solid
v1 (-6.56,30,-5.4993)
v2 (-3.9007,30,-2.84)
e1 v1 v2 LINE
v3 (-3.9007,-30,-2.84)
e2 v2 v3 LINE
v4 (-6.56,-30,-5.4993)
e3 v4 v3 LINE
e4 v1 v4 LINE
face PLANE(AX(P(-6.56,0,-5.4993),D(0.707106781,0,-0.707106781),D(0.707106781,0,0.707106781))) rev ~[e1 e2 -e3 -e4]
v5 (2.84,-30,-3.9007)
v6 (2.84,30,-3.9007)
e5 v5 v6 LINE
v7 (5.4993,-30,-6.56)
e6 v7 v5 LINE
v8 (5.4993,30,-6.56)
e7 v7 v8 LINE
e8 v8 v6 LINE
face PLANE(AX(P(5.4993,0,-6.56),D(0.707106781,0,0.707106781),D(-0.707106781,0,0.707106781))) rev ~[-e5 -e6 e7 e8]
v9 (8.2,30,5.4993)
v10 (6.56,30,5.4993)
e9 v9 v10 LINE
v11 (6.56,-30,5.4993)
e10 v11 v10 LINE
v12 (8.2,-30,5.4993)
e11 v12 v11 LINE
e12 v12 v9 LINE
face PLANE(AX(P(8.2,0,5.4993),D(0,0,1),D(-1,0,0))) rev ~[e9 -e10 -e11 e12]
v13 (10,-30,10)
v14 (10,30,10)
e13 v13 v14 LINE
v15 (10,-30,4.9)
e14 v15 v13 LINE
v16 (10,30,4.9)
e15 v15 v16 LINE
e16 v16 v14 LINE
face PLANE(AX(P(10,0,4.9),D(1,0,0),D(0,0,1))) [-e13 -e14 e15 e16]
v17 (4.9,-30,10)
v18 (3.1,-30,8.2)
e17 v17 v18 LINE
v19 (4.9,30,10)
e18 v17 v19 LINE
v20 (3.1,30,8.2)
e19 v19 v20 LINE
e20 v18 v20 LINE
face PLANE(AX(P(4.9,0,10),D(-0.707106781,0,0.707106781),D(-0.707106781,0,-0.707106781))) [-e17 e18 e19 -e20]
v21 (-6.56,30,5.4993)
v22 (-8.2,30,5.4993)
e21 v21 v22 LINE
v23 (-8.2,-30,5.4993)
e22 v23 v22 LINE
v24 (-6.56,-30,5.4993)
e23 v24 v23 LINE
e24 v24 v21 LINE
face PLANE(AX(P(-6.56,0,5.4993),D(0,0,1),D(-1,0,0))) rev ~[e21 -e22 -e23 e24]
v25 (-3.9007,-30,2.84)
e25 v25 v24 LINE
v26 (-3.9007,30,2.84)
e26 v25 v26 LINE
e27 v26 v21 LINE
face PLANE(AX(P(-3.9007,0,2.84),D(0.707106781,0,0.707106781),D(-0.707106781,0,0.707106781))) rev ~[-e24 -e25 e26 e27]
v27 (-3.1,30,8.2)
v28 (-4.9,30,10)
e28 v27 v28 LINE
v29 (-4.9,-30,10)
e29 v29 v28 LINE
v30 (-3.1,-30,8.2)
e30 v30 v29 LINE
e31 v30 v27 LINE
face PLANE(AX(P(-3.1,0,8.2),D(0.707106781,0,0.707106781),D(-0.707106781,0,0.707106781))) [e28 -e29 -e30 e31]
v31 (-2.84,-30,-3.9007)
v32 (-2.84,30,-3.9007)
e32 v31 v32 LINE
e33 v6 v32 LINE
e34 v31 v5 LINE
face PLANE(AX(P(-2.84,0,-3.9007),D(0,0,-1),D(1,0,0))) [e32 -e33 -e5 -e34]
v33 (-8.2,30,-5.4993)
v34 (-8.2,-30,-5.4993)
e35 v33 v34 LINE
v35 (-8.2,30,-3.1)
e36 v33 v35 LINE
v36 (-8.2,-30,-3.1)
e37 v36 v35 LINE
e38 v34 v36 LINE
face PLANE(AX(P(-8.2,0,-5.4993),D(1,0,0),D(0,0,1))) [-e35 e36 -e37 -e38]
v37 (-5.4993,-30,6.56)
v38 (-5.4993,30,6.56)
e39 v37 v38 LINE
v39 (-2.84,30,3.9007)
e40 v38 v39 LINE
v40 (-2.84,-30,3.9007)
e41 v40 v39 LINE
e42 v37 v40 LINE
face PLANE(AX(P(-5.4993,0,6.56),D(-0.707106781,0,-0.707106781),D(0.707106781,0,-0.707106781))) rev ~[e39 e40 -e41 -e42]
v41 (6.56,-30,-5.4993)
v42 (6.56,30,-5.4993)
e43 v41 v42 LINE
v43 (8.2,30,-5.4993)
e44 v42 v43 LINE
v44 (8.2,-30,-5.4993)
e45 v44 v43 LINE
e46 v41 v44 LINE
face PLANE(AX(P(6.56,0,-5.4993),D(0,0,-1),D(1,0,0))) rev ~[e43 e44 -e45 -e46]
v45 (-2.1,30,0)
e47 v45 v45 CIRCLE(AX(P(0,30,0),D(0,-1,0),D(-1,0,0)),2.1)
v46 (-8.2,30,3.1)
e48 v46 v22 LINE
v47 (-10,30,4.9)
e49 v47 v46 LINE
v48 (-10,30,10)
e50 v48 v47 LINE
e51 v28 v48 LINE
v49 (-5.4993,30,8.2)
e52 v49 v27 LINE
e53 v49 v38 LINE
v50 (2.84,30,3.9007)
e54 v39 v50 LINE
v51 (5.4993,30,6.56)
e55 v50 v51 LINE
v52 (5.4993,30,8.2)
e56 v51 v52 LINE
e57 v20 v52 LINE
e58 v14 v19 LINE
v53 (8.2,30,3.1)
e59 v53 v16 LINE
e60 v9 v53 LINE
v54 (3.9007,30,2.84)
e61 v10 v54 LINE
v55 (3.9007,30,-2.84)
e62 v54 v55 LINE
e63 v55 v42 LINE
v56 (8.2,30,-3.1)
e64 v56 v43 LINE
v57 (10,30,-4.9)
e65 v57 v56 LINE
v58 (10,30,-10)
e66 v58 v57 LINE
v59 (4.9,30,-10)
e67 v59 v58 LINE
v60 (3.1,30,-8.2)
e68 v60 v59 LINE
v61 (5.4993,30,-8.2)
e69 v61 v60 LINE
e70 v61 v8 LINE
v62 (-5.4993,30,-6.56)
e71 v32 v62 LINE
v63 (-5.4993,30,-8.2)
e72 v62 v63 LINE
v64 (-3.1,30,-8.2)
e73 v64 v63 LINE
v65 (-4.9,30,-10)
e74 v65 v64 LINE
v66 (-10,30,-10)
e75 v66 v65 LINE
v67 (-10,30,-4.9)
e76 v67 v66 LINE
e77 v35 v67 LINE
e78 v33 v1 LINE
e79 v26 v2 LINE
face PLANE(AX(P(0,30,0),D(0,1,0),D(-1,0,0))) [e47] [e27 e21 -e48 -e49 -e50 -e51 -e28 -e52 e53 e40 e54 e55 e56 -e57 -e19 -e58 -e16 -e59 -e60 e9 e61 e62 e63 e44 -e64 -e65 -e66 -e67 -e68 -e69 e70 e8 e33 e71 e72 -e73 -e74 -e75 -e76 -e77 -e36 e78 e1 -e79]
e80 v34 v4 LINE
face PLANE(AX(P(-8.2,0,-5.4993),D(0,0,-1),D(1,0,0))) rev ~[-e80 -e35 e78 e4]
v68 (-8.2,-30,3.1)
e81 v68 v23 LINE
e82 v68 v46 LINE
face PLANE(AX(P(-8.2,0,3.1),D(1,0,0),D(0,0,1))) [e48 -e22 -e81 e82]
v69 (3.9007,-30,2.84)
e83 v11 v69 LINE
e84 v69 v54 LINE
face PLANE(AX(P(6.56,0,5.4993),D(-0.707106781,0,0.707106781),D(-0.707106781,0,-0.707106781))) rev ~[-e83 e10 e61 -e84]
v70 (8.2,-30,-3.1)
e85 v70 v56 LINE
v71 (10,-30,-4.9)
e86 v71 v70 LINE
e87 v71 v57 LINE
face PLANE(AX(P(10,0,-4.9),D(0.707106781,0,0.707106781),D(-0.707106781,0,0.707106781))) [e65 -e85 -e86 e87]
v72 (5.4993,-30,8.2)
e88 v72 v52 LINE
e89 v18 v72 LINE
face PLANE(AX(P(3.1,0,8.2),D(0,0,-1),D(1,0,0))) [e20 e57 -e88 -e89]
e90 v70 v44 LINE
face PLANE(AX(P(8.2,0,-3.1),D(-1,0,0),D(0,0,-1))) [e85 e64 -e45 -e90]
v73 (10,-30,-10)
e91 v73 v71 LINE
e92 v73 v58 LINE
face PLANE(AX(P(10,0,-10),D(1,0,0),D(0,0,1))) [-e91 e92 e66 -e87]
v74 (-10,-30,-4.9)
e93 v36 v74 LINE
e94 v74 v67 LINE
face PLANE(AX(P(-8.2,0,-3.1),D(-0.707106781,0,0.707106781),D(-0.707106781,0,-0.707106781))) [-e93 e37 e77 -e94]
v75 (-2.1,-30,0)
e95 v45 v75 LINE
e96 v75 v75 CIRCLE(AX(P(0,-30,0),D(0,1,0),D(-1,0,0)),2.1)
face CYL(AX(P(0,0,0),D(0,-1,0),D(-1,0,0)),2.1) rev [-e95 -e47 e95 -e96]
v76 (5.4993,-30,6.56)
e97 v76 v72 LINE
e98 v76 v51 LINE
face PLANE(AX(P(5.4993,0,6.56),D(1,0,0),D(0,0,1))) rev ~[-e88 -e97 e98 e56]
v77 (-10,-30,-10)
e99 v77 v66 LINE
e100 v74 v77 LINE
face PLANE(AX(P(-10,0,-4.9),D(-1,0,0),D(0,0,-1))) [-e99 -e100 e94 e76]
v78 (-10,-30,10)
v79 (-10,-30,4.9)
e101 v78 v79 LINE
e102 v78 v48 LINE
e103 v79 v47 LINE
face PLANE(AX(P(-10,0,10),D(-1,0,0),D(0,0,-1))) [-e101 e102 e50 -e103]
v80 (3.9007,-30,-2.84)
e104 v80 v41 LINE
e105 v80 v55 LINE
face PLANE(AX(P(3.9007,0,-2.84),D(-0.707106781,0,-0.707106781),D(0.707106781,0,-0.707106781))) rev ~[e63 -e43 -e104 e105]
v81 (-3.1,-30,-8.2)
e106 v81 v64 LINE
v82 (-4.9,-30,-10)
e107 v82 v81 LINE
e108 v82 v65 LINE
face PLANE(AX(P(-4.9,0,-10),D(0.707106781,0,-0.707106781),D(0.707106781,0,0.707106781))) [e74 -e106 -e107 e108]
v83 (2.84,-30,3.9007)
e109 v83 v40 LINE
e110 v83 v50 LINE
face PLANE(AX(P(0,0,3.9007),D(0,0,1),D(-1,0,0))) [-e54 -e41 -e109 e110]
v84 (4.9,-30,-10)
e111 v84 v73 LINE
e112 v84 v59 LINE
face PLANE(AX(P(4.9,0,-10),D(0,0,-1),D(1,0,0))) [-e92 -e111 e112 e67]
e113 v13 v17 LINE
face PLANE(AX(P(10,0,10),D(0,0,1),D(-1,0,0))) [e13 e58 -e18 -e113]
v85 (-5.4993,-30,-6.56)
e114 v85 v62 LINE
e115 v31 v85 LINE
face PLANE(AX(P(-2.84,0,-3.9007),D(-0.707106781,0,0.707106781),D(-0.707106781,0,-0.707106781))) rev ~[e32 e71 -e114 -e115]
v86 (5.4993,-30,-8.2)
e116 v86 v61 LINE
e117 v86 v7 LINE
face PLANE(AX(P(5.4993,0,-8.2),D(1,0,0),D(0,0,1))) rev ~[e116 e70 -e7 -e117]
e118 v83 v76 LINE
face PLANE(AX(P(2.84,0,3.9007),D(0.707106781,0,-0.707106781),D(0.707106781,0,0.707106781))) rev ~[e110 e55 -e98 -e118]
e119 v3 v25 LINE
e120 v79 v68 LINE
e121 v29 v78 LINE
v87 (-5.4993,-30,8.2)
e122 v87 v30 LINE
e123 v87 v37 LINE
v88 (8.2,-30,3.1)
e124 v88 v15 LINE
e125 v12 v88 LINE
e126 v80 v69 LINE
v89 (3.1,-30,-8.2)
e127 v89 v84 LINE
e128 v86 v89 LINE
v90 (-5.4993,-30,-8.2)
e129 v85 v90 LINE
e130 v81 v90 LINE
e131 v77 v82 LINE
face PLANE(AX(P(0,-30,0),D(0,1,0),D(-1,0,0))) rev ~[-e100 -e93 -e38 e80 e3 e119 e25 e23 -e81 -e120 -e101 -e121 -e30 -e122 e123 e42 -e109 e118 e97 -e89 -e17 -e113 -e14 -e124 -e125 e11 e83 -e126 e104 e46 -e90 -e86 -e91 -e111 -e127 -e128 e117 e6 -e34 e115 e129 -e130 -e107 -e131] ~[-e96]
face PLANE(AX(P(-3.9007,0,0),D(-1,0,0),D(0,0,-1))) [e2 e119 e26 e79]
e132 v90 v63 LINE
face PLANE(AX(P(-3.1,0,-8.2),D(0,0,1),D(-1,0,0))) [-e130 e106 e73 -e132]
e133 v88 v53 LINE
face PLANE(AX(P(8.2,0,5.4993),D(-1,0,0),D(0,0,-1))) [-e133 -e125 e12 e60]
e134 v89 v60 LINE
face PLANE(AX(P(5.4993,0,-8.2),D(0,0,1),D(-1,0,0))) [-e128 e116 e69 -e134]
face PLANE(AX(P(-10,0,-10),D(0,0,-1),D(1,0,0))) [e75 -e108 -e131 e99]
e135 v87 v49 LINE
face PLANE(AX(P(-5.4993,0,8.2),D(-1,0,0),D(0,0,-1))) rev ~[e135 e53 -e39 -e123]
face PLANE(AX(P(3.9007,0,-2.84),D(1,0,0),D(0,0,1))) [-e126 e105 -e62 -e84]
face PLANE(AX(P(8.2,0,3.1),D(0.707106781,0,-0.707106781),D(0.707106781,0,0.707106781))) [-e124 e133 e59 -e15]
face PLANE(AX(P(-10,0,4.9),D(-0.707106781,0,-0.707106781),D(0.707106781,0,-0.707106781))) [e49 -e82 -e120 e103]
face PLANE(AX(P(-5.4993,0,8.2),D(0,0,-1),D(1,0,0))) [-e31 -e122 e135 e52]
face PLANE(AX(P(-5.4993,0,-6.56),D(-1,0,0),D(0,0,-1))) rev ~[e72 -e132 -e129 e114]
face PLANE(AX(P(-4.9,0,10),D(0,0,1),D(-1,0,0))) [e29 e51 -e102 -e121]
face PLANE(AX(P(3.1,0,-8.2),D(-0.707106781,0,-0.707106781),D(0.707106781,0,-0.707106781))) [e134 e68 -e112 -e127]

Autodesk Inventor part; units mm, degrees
ref_plane "YZ Plane" through (0, 0, 0) normal (1, 0, 0) x (0, 1, 0)
ref_plane "XZ Plane" through (0, 0, 0) normal (0, 1, 0) x (-1, 0, 0)
ref_plane "XY Plane" through (0, 0, 0) normal (0, 0, 1) x (1, 0, 0)
sketch "Sketch1" plane through (0, 0, 0) normal (0, 1, 0) x (-1, 0, 0)
  circle A0 centre (0, 0) radius 2.1
  line L0 (0, -3.9007) -> (-2.84, -3.9007)
  line L1 (-5.4993, -8.2) -> (-3.1, -8.2)
  line L2 (-3.1, -8.2) -> (-4.9, -10)
  line L3 (-4.9, -10) -> (-10, -10)
  line L4 (-10, -10) -> (-10, -4.9)
  line L5 (-10, -4.9) -> (-8.2, -3.1)
  line L6 (-8.2, -3.1) -> (-8.2, -5.4993)
  line L7 (-3.9007, -2.84) -> (-3.9007, 0)
  line L8 (-3.9007, 0) -> (-2.1, 0)
  line L9 (0, -3.9007) -> (0, -2.1) construction
  line L10 (-5.4993, -8.2) -> (-5.4993, -6.56)
  line L11 (-5.4993, -6.56) -> (-2.84, -3.9007)
  line L12 (-3.9007, -2.84) -> (-6.56, -5.4993)
  line L13 (-6.56, -5.4993) -> (-8.2, -5.4993)
  line L14 (6.56, -5.4993) -> (3.9007, -2.84)
  line L15 (3.1, -8.2) -> (5.4993, -8.2)
  line L16 (5.4993, -6.56) -> (5.4993, -8.2)
  line L17 (8.2, -5.4993) -> (8.2, -3.1)
  line L18 (8.2, -5.4993) -> (6.56, -5.4993)
  line L19 (8.2, -3.1) -> (10, -4.9)
  line L20 (4.9, -10) -> (3.1, -8.2)
  line L21 (10, -4.9) -> (10, -10)
  line L22 (10, -10) -> (4.9, -10)
  line L23 (2.84, -3.9007) -> (0, -3.9007)
  line L24 (0, -3.9007) -> (0, -2.1) construction
  line L25 (3.9007, 0) -> (2.1, 0)
  line L26 (3.9007, 0) -> (3.9007, -2.84)
  line L27 (2.84, -3.9007) -> (5.4993, -6.56)
  line L28 (5.4993, 6.56) -> (2.84, 3.9007)
  line L29 (8.2, 3.1) -> (8.2, 5.4993)
  line L30 (6.56, 5.4993) -> (8.2, 5.4993)
  line L31 (5.4993, 8.2) -> (3.1, 8.2)
  line L32 (5.4993, 8.2) -> (5.4993, 6.56)
  line L33 (3.1, 8.2) -> (4.9, 10)
  line L34 (10, 4.9) -> (8.2, 3.1)
  line L35 (4.9, 10) -> (10, 10)
  line L36 (10, 10) -> (10, 4.9)
  line L37 (3.9007, 2.84) -> (3.9007, 0)
  line L38 (3.9007, 0) -> (2.1, 0) construction
  line L39 (0, 3.9007) -> (0, 2.1)
  line L40 (0, 3.9007) -> (2.84, 3.9007)
  line L41 (3.9007, 2.84) -> (6.56, 5.4993)
  line L42 (-6.56, 5.4993) -> (-3.9007, 2.84)
  line L43 (-3.1, 8.2) -> (-5.4993, 8.2)
  line L44 (-5.4993, 6.56) -> (-5.4993, 8.2)
  line L45 (-8.2, 5.4993) -> (-8.2, 3.1)
  line L46 (-8.2, 5.4993) -> (-6.56, 5.4993)
  line L47 (-8.2, 3.1) -> (-10, 4.9)
  line L48 (-4.9, 10) -> (-3.1, 8.2)
  line L49 (-10, 4.9) -> (-10, 10)
  line L50 (-10, 10) -> (-4.9, 10)
  line L51 (-2.84, 3.9007) -> (0, 3.9007)
  line L52 (0, 3.9007) -> (0, 2.1) construction
  line L53 (-3.9007, 0) -> (-2.1, 0) construction
  line L54 (-3.9007, 0) -> (-3.9007, 2.84)
  line L55 (-2.84, 3.9007) -> (-5.4993, 6.56)
  point P0 (0, -3.0003)
  point P1 (-3.0003, 0)
  point P2 (0, -3.0003)
  point P3 (3.0003, 0)
  point P4 (3.0003, 0)
  point P5 (0, 3.0003)
  point P6 (0, 3.0003)
  point P7 (-3.0003, 0)
  dimension "d0" = 4.2
  dimension "d2" = 45
  dimension "d3" = 3.1
  dimension "d4" = 2.84
  dimension "d7" = 10
  dimension "d8" = 10
  dimension "d9" = 1.5
  dimension "d10" = 1.8
  dimension "d11" = 1.64
  dimension "d14" = 360
extrude "Extrusion1" add sketch "Sketch1" along normal mid plane 60 contours L25 L26 L14 L18 L17 L19 L21 L22 L20 L15 L16 L27 L23 L0 L11 L10 L1 L2 L3 L4 L5 L6 L13 L12 L7 L8 A0 | A0 L39 L40 L28 L32 L31 L33 L35 L36 L34 L29 L30 L41 L37 L25 | A0 L8 L54 L42 L46 L45 L47 L49 L50 L48 L43 L44 L55 L51 L39
properties part number "vslot_400mm" material "Aluminum 6061-AHC"
